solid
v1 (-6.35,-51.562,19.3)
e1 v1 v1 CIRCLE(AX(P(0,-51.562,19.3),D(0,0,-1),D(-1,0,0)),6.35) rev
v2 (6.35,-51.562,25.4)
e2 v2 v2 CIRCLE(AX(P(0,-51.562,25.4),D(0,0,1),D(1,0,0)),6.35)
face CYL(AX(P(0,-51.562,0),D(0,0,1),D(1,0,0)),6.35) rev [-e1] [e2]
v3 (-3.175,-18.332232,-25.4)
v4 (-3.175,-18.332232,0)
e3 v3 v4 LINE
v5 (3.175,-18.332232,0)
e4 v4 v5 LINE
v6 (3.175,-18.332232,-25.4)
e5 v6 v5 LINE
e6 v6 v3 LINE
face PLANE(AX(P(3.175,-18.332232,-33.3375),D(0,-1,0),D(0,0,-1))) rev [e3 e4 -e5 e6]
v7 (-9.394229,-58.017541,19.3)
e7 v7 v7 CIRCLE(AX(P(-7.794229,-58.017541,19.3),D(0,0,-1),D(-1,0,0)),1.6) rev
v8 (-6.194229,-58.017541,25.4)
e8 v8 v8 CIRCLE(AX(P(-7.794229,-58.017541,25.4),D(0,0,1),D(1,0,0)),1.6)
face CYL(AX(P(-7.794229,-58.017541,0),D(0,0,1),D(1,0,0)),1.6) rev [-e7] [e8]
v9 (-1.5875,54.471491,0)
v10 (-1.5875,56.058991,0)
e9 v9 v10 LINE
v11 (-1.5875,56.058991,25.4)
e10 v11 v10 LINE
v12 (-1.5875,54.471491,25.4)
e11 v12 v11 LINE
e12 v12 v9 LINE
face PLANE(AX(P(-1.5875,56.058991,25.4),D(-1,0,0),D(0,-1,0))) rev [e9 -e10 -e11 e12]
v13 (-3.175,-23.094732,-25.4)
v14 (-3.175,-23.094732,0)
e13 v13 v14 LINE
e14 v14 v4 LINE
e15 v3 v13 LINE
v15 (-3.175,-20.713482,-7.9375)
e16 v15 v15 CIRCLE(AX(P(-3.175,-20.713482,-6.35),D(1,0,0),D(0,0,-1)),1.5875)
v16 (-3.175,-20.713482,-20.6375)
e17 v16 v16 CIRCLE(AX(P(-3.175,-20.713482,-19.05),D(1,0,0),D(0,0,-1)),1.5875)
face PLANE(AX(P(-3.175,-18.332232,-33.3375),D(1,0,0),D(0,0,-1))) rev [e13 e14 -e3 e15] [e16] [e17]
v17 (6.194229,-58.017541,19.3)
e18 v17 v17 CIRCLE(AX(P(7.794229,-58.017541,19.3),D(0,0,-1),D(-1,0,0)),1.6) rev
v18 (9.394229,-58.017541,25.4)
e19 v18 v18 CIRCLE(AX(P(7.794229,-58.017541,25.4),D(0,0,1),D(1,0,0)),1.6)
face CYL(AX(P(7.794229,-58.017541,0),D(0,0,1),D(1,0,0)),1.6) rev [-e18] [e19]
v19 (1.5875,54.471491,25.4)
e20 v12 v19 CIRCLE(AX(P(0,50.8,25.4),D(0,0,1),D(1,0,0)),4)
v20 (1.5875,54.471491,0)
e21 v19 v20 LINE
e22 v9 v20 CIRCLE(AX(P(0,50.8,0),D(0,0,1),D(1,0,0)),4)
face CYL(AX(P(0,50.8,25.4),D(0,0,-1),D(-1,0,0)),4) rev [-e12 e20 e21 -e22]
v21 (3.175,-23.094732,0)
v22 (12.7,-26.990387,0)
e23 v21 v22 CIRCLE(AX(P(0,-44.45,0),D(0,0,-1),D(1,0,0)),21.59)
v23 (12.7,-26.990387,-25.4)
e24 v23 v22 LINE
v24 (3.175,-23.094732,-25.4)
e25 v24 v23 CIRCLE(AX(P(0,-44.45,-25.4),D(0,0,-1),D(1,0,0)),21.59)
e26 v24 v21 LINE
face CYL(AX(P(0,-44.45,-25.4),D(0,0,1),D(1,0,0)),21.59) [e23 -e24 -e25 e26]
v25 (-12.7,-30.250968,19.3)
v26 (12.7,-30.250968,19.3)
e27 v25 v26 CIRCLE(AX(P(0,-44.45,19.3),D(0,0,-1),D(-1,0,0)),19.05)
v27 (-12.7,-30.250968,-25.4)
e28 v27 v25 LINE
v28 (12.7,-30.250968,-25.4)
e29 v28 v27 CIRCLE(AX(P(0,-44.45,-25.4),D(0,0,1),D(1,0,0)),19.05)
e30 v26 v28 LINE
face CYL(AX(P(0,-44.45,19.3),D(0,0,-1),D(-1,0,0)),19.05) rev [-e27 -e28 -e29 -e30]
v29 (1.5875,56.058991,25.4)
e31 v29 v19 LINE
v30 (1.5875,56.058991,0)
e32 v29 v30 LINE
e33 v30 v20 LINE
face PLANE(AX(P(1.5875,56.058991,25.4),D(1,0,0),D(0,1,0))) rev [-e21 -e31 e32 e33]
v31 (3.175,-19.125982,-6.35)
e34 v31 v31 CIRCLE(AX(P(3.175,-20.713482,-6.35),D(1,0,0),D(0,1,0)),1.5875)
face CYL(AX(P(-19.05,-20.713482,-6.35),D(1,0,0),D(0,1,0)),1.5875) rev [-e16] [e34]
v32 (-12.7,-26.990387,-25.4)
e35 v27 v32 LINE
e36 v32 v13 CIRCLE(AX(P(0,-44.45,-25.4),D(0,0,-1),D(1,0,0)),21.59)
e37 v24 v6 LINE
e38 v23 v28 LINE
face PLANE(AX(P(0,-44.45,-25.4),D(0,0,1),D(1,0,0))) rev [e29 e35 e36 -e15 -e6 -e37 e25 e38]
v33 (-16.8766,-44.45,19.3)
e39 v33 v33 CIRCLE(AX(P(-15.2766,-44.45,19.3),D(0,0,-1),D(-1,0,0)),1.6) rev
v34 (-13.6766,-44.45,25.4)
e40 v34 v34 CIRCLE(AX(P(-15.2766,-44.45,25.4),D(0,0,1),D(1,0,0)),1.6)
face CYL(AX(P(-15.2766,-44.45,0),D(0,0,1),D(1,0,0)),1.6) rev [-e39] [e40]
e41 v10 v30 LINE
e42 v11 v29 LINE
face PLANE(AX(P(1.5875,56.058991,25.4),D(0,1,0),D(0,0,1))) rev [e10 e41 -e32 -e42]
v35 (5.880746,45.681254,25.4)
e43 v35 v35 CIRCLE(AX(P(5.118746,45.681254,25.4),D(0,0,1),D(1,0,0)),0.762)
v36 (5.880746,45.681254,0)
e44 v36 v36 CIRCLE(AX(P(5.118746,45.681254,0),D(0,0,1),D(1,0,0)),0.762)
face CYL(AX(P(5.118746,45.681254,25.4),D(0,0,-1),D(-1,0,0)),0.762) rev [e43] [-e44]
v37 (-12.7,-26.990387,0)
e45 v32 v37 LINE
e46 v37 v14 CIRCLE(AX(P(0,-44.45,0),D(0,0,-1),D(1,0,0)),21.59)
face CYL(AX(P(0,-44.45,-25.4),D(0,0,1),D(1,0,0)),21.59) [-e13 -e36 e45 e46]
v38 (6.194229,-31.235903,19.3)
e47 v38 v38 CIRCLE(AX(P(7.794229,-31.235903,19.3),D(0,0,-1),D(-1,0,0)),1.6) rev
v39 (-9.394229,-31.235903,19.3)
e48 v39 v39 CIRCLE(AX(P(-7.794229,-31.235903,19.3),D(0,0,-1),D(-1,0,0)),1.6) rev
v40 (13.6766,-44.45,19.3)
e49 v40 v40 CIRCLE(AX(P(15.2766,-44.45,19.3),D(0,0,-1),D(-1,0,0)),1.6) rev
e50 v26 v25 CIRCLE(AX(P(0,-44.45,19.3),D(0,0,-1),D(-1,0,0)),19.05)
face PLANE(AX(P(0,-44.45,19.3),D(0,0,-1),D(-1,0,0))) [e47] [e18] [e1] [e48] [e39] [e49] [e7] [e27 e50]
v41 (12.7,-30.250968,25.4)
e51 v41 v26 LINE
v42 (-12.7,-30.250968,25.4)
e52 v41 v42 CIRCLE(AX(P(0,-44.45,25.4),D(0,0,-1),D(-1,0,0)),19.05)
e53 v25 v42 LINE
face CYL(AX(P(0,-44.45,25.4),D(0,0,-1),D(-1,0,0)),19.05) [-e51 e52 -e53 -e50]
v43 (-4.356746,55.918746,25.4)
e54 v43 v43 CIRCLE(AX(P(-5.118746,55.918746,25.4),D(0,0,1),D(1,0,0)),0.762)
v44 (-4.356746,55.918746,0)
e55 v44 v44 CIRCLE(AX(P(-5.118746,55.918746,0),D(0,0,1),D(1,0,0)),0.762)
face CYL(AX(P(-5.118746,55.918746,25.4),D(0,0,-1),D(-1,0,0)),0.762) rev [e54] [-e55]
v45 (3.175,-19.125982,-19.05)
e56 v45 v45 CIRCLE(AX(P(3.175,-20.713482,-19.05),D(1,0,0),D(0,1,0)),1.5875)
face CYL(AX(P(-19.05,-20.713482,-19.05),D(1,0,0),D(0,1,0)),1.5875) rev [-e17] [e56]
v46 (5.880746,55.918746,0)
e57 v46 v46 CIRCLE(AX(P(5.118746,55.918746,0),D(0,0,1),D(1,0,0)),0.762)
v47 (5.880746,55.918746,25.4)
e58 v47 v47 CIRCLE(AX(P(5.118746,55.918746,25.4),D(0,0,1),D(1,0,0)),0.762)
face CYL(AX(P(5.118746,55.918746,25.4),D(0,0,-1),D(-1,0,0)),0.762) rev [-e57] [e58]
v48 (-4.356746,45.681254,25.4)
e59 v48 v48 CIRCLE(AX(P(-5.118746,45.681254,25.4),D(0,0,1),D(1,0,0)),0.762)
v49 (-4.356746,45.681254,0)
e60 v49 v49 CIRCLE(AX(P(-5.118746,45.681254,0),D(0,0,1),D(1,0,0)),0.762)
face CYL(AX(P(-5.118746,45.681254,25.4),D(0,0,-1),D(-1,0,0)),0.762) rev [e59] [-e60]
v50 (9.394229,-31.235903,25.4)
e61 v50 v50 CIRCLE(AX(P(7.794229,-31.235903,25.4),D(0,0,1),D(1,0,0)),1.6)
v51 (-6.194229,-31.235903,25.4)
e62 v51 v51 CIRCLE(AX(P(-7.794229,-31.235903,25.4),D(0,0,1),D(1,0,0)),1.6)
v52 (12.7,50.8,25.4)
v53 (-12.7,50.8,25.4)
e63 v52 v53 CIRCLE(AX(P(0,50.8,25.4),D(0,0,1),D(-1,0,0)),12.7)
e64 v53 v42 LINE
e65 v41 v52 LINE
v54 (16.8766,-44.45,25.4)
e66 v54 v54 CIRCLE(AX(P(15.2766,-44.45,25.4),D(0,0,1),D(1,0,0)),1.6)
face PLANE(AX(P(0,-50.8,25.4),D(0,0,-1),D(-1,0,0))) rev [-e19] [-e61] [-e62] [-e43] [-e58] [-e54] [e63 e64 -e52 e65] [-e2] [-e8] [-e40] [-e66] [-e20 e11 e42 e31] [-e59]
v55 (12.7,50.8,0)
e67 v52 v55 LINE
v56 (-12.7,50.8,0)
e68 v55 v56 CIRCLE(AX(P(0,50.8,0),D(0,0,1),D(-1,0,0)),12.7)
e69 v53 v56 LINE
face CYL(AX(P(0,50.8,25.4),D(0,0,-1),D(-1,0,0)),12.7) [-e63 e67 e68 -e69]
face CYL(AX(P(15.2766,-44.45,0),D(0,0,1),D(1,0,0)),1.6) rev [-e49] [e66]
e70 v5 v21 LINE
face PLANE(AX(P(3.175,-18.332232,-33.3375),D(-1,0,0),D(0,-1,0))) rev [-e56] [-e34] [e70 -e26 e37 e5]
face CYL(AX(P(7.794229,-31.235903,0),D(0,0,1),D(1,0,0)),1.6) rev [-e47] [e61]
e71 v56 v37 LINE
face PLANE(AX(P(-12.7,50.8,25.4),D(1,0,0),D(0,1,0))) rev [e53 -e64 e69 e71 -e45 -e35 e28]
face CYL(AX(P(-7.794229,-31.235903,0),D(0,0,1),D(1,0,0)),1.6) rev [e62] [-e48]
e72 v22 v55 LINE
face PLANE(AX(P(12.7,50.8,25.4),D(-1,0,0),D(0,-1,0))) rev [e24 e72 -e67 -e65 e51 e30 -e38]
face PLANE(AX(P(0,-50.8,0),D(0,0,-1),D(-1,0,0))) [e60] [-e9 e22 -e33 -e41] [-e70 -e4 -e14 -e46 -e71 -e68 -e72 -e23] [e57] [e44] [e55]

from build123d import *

# Parameters (mm, degrees)
SKETCH1_R           = 4
SKETCH1_R_2         = 0.762
BOSS_EXTRUDE1_DEPTH = 25.4
SKETCH2_R           = 19.05
BOSS_EXTRUDE2_DEPTH = 25.4
SKETCH5_R           = 6.35
CUT_EXTRUDE2_DEPTH  = 25.4
SKETCH3_R           = 1.6
CUT_EXTRUDE1_DEPTH  = 25.4
SKETCH6_W           = 3.175
SKETCH6_H           = 1.5875
CUT_EXTRUDE3_DEPTH  = 25.4
SKETCH8_R           = 19.05
CUT_EXTRUDE4_DEPTH  = 19.3
BOSS_EXTRUDE3_DEPTH = 25.4
SKETCH10_W          = 6.35
SKETCH10_H          = 4.7625
BOSS_EXTRUDE4_DEPTH = 25.4
SKETCH11_R          = 1.5875
CUT_EXTRUDE5_DEPTH  = 23.225


with BuildPart() as part:
    # Sketch1 → Boss-Extrude1 (new body)
    with BuildSketch(Plane.XY):
        with BuildLine():
            Line((12.7, 50.8), (12.7, -50.8))
            ThreePointArc((12.7, -50.8), (0, -63.5), (-12.7, -50.8))
            Line((-12.7, -50.8), (-12.7, 50.8))
            ThreePointArc((-12.7, 50.8), (0, 63.5), (12.7, 50.8))
        make_face()
        with Locations((0, 50.8)):
            Circle(SKETCH1_R, mode=Mode.SUBTRACT)
        with Locations((-5.118745989, 55.918745989)):
            Circle(SKETCH1_R_2, mode=Mode.SUBTRACT)
        with Locations((5.118745989, 55.918745989)):
            Circle(SKETCH1_R_2, mode=Mode.SUBTRACT)
        with Locations((5.118745989, 45.681254011)):
            Circle(SKETCH1_R_2, mode=Mode.SUBTRACT)
        with Locations((-5.118745989, 45.681254011)):
            Circle(SKETCH1_R_2, mode=Mode.SUBTRACT)
    extrude(amount=BOSS_EXTRUDE1_DEPTH)

    # Sketch2 → Boss-Extrude2 (add)
    with BuildSketch(Plane(origin=(0, 0, 0), x_dir=(-1, 0, 0), z_dir=(0, 0, -1))):
        with Locations((0, -44.45)):
            Circle(SKETCH2_R)
    extrude(amount=-BOSS_EXTRUDE2_DEPTH)

    # Sketch5 → Cut-Extrude2 (cut)
    with BuildSketch(Plane.XY.offset(25.4)):
        with Locations((0, -51.562)):
            Circle(SKETCH5_R)
    extrude(amount=-CUT_EXTRUDE2_DEPTH, mode=Mode.SUBTRACT)

    # Sketch3 → Cut-Extrude1 (cut)
    with BuildSketch(Plane.XY.offset(25.4)):
        with Locations((-7.794229315, -31.235903463)):
            Circle(SKETCH3_R)
        with Locations((-15.2766, -44.45)):
            Circle(SKETCH3_R)
        with Locations((15.2766, -44.45)):
            Circle(SKETCH3_R)
        with Locations((-7.794229315, -58.017540858)):
            Circle(SKETCH3_R)
        with Locations((7.794229315, -31.235903463)):
            Circle(SKETCH3_R)
        with Locations((7.794229315, -58.017540858)):
            Circle(SKETCH3_R)
    extrude(amount=-CUT_EXTRUDE1_DEPTH, mode=Mode.SUBTRACT)

    # Sketch6 → Cut-Extrude3 (cut)
    with BuildSketch(Plane(origin=(0, 0, 0), x_dir=(-1, 0, 0), z_dir=(0, 0, -1))):
        with Locations((0, 55.265240671)):
            Rectangle(SKETCH6_W, SKETCH6_H)
    extrude(amount=-CUT_EXTRUDE3_DEPTH, mode=Mode.SUBTRACT)

    # Sketch8 → Cut-Extrude4 (cut)
    with BuildSketch(Plane(origin=(0, 0, 0), x_dir=(-1, 0, 0), z_dir=(0, 0, -1))):
        with Locations((0, -44.45)):
            Circle(SKETCH8_R)
    extrude(amount=-CUT_EXTRUDE4_DEPTH, mode=Mode.SUBTRACT)

    # Sketch9 → Boss-Extrude3 (add)
    with BuildSketch(Plane(origin=(0, 0, 0), x_dir=(-1, 0, 0), z_dir=(0, 0, -1))):
        with BuildLine():
            Line((-12.7, -30.250968343), (-12.7, -26.990386602))
            ThreePointArc((-12.7, -26.990386602), (0, -22.86), (12.7, -26.990386602))
            Line((12.7, -26.990386602), (12.7, -30.250968343))
            ThreePointArc((12.7, -30.250968343), (0, -25.4), (-12.7, -30.250968343))
        make_face()
    extrude(amount=BOSS_EXTRUDE3_DEPTH)

    # Sketch10 → Boss-Extrude4 (add)
    with BuildSketch(Plane(origin=(0, 0, 0), x_dir=(-1, 0, 0), z_dir=(0, 0, -1))):
        with Locations((0, -20.713481915)):
            Rectangle(SKETCH10_W, SKETCH10_H)
    extrude(amount=BOSS_EXTRUDE4_DEPTH)

    # Sketch11 → Cut-Extrude5 (cut, through all)
    with BuildSketch(Plane(origin=(3.175, 0, 0), x_dir=(0, 0, -1), z_dir=(1, 0, 0))):
        with Locations((6.35, -20.713481915)):
            Circle(SKETCH11_R)
        with Locations((19.05, -20.713481915)):
            Circle(SKETCH11_R)
    extrude(amount=-CUT_EXTRUDE5_DEPTH, mode=Mode.SUBTRACT)


solid = part.part
